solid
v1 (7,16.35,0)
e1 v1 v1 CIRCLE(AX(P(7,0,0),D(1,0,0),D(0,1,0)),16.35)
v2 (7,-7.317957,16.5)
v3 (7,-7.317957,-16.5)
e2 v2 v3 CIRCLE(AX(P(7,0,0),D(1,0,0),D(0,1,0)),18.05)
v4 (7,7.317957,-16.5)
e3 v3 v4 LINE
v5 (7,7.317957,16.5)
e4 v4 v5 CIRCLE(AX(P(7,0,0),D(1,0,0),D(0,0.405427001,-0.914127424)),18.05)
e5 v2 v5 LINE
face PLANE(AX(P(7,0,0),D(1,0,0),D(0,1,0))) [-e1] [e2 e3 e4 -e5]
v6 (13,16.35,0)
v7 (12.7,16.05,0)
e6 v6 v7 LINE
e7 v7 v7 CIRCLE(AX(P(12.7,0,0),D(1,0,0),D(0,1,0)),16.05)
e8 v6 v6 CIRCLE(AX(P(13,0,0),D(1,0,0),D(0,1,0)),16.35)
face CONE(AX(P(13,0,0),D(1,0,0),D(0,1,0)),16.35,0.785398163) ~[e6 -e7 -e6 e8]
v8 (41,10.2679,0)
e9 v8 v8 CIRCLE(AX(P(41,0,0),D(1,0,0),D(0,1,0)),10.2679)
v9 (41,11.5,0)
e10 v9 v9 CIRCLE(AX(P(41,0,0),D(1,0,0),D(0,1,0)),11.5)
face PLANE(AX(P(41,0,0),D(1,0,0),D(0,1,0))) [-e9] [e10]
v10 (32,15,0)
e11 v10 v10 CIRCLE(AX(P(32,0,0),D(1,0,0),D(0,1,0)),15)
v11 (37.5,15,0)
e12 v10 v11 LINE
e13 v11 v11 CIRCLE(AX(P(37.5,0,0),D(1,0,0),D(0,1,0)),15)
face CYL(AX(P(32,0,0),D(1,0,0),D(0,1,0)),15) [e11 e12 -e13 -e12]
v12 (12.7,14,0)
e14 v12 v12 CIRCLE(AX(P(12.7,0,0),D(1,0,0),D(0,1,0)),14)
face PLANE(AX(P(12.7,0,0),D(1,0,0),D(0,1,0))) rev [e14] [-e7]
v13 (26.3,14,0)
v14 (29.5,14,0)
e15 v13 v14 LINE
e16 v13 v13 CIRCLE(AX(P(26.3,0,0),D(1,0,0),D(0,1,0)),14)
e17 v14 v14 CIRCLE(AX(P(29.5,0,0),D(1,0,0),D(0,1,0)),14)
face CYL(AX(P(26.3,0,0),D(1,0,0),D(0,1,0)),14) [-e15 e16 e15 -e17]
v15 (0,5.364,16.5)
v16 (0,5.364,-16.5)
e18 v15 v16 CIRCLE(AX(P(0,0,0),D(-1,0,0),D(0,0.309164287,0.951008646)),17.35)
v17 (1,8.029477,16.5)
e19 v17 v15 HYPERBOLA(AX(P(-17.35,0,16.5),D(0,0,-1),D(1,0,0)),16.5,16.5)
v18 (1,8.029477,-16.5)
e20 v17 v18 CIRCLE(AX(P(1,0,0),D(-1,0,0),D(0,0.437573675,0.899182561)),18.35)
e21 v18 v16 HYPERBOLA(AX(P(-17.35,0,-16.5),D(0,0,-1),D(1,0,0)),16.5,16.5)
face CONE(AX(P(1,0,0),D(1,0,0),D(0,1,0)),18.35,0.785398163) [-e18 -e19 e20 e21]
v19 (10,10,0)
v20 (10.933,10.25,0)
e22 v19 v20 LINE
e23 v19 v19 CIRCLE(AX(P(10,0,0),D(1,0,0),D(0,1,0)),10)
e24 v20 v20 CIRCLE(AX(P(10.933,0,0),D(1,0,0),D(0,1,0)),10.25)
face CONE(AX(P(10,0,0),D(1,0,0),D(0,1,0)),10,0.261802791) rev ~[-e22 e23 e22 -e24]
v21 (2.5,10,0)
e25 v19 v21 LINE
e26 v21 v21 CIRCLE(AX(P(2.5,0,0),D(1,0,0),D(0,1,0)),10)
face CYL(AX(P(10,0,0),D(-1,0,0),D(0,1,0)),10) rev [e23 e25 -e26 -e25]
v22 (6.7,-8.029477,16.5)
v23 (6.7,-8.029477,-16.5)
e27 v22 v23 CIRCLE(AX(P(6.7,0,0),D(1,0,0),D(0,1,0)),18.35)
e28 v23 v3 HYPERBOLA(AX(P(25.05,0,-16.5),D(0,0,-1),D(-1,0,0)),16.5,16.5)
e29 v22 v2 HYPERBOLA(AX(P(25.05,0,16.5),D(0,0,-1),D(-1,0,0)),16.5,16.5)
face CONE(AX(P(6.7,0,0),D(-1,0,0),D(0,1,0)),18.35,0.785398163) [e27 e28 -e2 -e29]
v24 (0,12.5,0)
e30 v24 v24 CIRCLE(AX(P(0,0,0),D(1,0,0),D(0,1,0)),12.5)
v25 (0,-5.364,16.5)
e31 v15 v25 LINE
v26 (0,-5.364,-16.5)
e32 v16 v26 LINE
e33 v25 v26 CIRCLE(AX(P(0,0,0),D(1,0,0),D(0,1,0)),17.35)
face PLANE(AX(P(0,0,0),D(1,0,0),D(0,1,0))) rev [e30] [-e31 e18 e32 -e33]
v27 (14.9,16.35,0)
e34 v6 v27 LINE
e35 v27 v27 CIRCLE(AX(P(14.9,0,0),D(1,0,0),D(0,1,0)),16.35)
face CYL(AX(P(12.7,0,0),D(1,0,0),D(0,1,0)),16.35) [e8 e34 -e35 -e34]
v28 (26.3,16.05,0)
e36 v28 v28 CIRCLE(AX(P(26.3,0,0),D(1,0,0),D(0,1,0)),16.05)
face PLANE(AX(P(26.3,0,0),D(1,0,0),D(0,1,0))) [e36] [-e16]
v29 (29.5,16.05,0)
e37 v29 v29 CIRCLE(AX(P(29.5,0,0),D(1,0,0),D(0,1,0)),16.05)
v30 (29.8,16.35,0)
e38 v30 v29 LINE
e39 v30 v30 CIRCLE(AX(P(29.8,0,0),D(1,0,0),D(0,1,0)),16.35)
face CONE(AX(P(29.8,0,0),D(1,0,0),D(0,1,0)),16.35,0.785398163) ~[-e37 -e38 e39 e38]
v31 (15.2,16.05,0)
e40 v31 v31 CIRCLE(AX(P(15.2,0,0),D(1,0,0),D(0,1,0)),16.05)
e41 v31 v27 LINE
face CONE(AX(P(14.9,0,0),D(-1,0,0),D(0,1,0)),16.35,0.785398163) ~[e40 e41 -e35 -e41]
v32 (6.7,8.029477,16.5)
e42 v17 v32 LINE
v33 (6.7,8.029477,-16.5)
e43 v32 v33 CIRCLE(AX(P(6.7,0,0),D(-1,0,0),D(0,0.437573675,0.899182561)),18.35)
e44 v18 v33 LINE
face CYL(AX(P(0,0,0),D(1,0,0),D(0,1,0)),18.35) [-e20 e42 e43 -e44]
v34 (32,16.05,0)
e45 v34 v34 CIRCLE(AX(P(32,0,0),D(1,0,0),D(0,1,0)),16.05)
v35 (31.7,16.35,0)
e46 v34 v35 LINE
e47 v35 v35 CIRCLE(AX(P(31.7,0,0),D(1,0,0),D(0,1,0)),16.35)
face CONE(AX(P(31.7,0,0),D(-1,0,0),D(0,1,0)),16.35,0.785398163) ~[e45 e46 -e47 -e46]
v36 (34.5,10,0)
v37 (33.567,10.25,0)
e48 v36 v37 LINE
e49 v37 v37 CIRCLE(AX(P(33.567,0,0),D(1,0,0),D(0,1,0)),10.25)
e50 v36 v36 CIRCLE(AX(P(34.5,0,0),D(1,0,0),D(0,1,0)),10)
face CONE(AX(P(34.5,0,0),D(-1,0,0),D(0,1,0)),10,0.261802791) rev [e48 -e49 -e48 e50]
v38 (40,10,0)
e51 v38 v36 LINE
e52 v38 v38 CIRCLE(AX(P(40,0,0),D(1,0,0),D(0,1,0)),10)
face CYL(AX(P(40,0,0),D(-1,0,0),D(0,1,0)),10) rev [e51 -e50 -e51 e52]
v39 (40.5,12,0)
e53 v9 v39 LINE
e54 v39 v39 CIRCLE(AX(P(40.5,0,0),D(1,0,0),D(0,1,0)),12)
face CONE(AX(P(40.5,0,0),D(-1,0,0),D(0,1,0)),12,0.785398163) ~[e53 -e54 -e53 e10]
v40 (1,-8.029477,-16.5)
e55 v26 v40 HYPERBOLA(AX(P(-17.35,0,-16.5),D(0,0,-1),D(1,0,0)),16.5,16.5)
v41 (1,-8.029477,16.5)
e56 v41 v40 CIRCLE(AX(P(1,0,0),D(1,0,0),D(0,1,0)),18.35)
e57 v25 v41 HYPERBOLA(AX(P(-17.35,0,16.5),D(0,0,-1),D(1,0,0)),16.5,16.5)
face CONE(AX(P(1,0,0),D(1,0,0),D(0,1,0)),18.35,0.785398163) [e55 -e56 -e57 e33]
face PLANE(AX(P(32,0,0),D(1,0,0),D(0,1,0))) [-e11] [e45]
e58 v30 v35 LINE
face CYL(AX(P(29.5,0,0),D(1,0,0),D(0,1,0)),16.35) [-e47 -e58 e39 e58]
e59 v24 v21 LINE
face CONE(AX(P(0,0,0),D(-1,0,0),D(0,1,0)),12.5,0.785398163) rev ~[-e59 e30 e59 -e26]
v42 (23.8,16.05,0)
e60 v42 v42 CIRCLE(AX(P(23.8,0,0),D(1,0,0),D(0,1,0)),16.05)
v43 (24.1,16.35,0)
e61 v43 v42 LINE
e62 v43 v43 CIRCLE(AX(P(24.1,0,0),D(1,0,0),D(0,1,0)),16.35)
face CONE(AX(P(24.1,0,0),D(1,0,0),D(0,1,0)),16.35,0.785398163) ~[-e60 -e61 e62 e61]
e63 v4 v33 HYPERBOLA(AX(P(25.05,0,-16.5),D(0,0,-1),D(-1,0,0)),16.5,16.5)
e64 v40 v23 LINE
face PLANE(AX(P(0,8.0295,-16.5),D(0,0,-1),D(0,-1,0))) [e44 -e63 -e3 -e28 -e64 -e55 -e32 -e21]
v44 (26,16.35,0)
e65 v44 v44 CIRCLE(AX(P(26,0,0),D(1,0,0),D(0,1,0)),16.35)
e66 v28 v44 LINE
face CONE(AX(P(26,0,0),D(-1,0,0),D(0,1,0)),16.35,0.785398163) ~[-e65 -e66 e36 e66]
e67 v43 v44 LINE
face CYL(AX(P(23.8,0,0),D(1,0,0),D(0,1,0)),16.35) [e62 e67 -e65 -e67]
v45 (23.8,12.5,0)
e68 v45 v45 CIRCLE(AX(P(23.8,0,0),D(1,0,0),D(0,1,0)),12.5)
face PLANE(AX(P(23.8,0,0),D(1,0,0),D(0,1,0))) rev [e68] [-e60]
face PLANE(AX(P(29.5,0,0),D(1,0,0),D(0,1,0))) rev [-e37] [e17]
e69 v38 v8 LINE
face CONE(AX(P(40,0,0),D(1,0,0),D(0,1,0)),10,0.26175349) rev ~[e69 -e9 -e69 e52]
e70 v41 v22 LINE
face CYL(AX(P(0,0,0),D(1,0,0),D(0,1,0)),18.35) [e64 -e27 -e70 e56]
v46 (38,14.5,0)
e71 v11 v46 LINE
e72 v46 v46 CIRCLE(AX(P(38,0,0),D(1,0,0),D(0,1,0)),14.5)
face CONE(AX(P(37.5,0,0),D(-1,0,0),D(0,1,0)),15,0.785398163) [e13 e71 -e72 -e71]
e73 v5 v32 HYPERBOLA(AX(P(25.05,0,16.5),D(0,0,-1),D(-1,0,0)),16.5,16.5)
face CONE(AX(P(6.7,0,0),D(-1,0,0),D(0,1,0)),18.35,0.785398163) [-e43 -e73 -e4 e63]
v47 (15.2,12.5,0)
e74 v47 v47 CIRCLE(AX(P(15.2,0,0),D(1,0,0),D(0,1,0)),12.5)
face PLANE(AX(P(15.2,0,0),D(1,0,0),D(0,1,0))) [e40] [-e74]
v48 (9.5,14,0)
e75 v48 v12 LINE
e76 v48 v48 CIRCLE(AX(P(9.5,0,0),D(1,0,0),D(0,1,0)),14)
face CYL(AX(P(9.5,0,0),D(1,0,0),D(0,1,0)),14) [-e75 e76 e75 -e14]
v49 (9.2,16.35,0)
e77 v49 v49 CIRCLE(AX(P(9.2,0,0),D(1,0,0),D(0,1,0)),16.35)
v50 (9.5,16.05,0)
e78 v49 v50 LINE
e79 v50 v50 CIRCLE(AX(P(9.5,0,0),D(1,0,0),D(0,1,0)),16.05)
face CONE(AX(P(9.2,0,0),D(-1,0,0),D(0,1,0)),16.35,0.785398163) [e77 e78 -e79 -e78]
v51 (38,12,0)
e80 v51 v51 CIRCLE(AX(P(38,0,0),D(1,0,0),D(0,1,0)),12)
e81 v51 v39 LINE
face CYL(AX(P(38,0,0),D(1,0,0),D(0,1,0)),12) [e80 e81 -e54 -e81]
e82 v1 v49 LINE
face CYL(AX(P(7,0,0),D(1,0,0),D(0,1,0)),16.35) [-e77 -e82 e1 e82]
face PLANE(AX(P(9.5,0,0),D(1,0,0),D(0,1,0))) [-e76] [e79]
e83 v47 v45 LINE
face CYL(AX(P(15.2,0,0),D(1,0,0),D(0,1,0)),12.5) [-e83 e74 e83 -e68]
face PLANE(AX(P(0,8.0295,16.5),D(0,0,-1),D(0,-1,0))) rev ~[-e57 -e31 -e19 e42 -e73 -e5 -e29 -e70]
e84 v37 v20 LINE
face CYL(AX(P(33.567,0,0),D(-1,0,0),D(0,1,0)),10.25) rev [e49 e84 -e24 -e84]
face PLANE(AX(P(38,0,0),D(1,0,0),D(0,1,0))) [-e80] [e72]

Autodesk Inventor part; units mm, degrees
ref_plane "YZ Plane" through (0, 0, 0) normal (1, 0, 0) x (0, 1, 0)
ref_plane "XZ Plane" through (0, 0, 0) normal (0, 1, 0) x (-1, 0, 0)
ref_plane "XY Plane" through (0, 0, 0) normal (0, 0, 1) x (1, 0, 0)
sketch "Náčrt1" plane through (0, 0, 0) normal (0, 0, 1) x (1, 0, 0)
  line L0 (0, 0) -> (20.108, 0)
  line L1 (0, 12.5) -> (0, 18.35)
  line L2 (0, 18.35) -> (7, 18.35)
  line L3 (7, 18.35) -> (7, 16.35)
  line L4 (7, 16.35) -> (9.5, 16.35)
  line L5 (9.5, 16.35) -> (9.5, 14)
  line L6 (9.5, 14) -> (12.7, 14)
  line L7 (12.7, 14) -> (12.7, 16.35)
  line L8 (12.7, 16.35) -> (15.2, 16.35)
  line L9 (15.2, 16.35) -> (15.2, 12.5)
  line L10 (15.2, 12.5) -> (23.8, 12.5)
  line L11 (23.8, 12.5) -> (23.8, 16.35)
  line L12 (23.8, 16.35) -> (26.3, 16.35)
  line L13 (26.3, 16.35) -> (26.3, 14)
  line L14 (26.3, 14) -> (29.5, 14)
  line L15 (29.5, 14) -> (29.5, 16.35)
  line L16 (29.5, 16.35) -> (32, 16.35)
  line L17 (32, 16.35) -> (32, 15)
  line L18 (32, 15) -> (38, 15)
  line L19 (38, 15) -> (38, 12)
  line L20 (38, 12) -> (41, 12)
  line L21 (41, 12) -> (41, 10.2679)
  line L22 (40, 10) -> (34.5, 10)
  line L23 (33.567, 10.25) -> (10.933, 10.25)
  line L24 (10, 10) -> (2.5, 10)
  line L25 (34.5, 10) -> (33.567, 10.25)
  line L26 (10, 10) -> (10.933, 10.25)
  line L27 (0, 12.5) -> (2.5, 10)
  line L28 (40, 10) -> (41, 10.2679)
  dimension "d0" = 41
  dimension "d1" = 36.7
  dimension "d2" = 24
  dimension "d3" = 30
  dimension "d4" = 3
  dimension "d5" = 9
  dimension "d6" = 32.7
  dimension "d7" = 25
  dimension "d9" = 20
  dimension "d10" = 20
  dimension "d11" = 20.5
  dimension "d15" = 34
  dimension "d16" = 2.5
  dimension "d17" = 2.5
  dimension "d18" = 2.5
  dimension "d19" = 2.5
  dimension "d20" = 3.2
  dimension "d21" = 3.2
  dimension "d23" = 28
  dimension "d24" = 15
  dimension "d25" = 15
  dimension "d50" = 25
  dimension "d51" = 10
  dimension "d52" = 2.5
  dimension "d53" = 45
  dimension "d54" = 6.5
  dimension "d55" = 15
  dimension "d56" = 1
revolve "Rotace1" add sketch "Náčrt1" angle 360 about axis through (0, 0, 0) along (1, 0, 0)
chamfer "Zkosení1" distance 1 angle 45 1 edges at (0, -18.35, 0)
chamfer "Zkosení2" distance 0.3 angle 45 1 edges at (7, -18.35, 0)
chamfer "Zkosení3" distance 0.5 angle 45 1 edges at (41, -12, 0)
chamfer "Zkosení4" distance 0.3 angle 45 7 edges at (32, -16.35, 0) (29.5, -16.35, 0) (26.3, -16.35, 0) (23.8, -16.35, 0) (15.2, -16.35, 0) (12.7, -16.35, 0) (9.5, -16.35, 0)
thread "Závit1" size "M30x1.5" class "6g" standard "ANSI Metric M Profile" full length
chamfer "Zkosení5" distance 0.5 angle 45 1 edges at (38, -15, 0)
sketch "Náčrt2" plane through (0, 0, 0) normal (-1, 0, 0) x (0, 0, 1)
  line L0 (-20.0207, 8.0295) -> (-16.5, 8.0295)
  line L1 (-16.5, 8.0295) -> (-16.5, -8.0295)
  line L2 (-16.5, -8.0295) -> (-20.0207, -8.0295)
  line L3 (-20.0207, -8.0295) -> (-20.0207, 8.0295)
  line L4 (28.0067, 8.0295) -> (16.5, 8.0295)
  line L5 (16.5, 8.0295) -> (16.5, -8.0295)
  line L6 (16.5, -8.0295) -> (28.0067, -8.0295)
  line L7 (28.0067, -8.0295) -> (28.0067, 8.0295)
  circle A0 centre (0, 0) radius 18.35 construction
  line L8 (0, 0) -> (0, 5.8894) construction
  dimension "d46" = 33
extrude "Vysunutí1" cut sketch "Náčrt2" against normal through all
equation "\"d9\" = d10"
equation "\"Rozmer_A\" = d1"
equation "\"Rozmer_B\" = 0"
equation "\"Rozmer_C\" = 0"
equation "\"Rozmer_D\" = d0"
properties part number "NA-45-h-Crown-307" material "14 100"
